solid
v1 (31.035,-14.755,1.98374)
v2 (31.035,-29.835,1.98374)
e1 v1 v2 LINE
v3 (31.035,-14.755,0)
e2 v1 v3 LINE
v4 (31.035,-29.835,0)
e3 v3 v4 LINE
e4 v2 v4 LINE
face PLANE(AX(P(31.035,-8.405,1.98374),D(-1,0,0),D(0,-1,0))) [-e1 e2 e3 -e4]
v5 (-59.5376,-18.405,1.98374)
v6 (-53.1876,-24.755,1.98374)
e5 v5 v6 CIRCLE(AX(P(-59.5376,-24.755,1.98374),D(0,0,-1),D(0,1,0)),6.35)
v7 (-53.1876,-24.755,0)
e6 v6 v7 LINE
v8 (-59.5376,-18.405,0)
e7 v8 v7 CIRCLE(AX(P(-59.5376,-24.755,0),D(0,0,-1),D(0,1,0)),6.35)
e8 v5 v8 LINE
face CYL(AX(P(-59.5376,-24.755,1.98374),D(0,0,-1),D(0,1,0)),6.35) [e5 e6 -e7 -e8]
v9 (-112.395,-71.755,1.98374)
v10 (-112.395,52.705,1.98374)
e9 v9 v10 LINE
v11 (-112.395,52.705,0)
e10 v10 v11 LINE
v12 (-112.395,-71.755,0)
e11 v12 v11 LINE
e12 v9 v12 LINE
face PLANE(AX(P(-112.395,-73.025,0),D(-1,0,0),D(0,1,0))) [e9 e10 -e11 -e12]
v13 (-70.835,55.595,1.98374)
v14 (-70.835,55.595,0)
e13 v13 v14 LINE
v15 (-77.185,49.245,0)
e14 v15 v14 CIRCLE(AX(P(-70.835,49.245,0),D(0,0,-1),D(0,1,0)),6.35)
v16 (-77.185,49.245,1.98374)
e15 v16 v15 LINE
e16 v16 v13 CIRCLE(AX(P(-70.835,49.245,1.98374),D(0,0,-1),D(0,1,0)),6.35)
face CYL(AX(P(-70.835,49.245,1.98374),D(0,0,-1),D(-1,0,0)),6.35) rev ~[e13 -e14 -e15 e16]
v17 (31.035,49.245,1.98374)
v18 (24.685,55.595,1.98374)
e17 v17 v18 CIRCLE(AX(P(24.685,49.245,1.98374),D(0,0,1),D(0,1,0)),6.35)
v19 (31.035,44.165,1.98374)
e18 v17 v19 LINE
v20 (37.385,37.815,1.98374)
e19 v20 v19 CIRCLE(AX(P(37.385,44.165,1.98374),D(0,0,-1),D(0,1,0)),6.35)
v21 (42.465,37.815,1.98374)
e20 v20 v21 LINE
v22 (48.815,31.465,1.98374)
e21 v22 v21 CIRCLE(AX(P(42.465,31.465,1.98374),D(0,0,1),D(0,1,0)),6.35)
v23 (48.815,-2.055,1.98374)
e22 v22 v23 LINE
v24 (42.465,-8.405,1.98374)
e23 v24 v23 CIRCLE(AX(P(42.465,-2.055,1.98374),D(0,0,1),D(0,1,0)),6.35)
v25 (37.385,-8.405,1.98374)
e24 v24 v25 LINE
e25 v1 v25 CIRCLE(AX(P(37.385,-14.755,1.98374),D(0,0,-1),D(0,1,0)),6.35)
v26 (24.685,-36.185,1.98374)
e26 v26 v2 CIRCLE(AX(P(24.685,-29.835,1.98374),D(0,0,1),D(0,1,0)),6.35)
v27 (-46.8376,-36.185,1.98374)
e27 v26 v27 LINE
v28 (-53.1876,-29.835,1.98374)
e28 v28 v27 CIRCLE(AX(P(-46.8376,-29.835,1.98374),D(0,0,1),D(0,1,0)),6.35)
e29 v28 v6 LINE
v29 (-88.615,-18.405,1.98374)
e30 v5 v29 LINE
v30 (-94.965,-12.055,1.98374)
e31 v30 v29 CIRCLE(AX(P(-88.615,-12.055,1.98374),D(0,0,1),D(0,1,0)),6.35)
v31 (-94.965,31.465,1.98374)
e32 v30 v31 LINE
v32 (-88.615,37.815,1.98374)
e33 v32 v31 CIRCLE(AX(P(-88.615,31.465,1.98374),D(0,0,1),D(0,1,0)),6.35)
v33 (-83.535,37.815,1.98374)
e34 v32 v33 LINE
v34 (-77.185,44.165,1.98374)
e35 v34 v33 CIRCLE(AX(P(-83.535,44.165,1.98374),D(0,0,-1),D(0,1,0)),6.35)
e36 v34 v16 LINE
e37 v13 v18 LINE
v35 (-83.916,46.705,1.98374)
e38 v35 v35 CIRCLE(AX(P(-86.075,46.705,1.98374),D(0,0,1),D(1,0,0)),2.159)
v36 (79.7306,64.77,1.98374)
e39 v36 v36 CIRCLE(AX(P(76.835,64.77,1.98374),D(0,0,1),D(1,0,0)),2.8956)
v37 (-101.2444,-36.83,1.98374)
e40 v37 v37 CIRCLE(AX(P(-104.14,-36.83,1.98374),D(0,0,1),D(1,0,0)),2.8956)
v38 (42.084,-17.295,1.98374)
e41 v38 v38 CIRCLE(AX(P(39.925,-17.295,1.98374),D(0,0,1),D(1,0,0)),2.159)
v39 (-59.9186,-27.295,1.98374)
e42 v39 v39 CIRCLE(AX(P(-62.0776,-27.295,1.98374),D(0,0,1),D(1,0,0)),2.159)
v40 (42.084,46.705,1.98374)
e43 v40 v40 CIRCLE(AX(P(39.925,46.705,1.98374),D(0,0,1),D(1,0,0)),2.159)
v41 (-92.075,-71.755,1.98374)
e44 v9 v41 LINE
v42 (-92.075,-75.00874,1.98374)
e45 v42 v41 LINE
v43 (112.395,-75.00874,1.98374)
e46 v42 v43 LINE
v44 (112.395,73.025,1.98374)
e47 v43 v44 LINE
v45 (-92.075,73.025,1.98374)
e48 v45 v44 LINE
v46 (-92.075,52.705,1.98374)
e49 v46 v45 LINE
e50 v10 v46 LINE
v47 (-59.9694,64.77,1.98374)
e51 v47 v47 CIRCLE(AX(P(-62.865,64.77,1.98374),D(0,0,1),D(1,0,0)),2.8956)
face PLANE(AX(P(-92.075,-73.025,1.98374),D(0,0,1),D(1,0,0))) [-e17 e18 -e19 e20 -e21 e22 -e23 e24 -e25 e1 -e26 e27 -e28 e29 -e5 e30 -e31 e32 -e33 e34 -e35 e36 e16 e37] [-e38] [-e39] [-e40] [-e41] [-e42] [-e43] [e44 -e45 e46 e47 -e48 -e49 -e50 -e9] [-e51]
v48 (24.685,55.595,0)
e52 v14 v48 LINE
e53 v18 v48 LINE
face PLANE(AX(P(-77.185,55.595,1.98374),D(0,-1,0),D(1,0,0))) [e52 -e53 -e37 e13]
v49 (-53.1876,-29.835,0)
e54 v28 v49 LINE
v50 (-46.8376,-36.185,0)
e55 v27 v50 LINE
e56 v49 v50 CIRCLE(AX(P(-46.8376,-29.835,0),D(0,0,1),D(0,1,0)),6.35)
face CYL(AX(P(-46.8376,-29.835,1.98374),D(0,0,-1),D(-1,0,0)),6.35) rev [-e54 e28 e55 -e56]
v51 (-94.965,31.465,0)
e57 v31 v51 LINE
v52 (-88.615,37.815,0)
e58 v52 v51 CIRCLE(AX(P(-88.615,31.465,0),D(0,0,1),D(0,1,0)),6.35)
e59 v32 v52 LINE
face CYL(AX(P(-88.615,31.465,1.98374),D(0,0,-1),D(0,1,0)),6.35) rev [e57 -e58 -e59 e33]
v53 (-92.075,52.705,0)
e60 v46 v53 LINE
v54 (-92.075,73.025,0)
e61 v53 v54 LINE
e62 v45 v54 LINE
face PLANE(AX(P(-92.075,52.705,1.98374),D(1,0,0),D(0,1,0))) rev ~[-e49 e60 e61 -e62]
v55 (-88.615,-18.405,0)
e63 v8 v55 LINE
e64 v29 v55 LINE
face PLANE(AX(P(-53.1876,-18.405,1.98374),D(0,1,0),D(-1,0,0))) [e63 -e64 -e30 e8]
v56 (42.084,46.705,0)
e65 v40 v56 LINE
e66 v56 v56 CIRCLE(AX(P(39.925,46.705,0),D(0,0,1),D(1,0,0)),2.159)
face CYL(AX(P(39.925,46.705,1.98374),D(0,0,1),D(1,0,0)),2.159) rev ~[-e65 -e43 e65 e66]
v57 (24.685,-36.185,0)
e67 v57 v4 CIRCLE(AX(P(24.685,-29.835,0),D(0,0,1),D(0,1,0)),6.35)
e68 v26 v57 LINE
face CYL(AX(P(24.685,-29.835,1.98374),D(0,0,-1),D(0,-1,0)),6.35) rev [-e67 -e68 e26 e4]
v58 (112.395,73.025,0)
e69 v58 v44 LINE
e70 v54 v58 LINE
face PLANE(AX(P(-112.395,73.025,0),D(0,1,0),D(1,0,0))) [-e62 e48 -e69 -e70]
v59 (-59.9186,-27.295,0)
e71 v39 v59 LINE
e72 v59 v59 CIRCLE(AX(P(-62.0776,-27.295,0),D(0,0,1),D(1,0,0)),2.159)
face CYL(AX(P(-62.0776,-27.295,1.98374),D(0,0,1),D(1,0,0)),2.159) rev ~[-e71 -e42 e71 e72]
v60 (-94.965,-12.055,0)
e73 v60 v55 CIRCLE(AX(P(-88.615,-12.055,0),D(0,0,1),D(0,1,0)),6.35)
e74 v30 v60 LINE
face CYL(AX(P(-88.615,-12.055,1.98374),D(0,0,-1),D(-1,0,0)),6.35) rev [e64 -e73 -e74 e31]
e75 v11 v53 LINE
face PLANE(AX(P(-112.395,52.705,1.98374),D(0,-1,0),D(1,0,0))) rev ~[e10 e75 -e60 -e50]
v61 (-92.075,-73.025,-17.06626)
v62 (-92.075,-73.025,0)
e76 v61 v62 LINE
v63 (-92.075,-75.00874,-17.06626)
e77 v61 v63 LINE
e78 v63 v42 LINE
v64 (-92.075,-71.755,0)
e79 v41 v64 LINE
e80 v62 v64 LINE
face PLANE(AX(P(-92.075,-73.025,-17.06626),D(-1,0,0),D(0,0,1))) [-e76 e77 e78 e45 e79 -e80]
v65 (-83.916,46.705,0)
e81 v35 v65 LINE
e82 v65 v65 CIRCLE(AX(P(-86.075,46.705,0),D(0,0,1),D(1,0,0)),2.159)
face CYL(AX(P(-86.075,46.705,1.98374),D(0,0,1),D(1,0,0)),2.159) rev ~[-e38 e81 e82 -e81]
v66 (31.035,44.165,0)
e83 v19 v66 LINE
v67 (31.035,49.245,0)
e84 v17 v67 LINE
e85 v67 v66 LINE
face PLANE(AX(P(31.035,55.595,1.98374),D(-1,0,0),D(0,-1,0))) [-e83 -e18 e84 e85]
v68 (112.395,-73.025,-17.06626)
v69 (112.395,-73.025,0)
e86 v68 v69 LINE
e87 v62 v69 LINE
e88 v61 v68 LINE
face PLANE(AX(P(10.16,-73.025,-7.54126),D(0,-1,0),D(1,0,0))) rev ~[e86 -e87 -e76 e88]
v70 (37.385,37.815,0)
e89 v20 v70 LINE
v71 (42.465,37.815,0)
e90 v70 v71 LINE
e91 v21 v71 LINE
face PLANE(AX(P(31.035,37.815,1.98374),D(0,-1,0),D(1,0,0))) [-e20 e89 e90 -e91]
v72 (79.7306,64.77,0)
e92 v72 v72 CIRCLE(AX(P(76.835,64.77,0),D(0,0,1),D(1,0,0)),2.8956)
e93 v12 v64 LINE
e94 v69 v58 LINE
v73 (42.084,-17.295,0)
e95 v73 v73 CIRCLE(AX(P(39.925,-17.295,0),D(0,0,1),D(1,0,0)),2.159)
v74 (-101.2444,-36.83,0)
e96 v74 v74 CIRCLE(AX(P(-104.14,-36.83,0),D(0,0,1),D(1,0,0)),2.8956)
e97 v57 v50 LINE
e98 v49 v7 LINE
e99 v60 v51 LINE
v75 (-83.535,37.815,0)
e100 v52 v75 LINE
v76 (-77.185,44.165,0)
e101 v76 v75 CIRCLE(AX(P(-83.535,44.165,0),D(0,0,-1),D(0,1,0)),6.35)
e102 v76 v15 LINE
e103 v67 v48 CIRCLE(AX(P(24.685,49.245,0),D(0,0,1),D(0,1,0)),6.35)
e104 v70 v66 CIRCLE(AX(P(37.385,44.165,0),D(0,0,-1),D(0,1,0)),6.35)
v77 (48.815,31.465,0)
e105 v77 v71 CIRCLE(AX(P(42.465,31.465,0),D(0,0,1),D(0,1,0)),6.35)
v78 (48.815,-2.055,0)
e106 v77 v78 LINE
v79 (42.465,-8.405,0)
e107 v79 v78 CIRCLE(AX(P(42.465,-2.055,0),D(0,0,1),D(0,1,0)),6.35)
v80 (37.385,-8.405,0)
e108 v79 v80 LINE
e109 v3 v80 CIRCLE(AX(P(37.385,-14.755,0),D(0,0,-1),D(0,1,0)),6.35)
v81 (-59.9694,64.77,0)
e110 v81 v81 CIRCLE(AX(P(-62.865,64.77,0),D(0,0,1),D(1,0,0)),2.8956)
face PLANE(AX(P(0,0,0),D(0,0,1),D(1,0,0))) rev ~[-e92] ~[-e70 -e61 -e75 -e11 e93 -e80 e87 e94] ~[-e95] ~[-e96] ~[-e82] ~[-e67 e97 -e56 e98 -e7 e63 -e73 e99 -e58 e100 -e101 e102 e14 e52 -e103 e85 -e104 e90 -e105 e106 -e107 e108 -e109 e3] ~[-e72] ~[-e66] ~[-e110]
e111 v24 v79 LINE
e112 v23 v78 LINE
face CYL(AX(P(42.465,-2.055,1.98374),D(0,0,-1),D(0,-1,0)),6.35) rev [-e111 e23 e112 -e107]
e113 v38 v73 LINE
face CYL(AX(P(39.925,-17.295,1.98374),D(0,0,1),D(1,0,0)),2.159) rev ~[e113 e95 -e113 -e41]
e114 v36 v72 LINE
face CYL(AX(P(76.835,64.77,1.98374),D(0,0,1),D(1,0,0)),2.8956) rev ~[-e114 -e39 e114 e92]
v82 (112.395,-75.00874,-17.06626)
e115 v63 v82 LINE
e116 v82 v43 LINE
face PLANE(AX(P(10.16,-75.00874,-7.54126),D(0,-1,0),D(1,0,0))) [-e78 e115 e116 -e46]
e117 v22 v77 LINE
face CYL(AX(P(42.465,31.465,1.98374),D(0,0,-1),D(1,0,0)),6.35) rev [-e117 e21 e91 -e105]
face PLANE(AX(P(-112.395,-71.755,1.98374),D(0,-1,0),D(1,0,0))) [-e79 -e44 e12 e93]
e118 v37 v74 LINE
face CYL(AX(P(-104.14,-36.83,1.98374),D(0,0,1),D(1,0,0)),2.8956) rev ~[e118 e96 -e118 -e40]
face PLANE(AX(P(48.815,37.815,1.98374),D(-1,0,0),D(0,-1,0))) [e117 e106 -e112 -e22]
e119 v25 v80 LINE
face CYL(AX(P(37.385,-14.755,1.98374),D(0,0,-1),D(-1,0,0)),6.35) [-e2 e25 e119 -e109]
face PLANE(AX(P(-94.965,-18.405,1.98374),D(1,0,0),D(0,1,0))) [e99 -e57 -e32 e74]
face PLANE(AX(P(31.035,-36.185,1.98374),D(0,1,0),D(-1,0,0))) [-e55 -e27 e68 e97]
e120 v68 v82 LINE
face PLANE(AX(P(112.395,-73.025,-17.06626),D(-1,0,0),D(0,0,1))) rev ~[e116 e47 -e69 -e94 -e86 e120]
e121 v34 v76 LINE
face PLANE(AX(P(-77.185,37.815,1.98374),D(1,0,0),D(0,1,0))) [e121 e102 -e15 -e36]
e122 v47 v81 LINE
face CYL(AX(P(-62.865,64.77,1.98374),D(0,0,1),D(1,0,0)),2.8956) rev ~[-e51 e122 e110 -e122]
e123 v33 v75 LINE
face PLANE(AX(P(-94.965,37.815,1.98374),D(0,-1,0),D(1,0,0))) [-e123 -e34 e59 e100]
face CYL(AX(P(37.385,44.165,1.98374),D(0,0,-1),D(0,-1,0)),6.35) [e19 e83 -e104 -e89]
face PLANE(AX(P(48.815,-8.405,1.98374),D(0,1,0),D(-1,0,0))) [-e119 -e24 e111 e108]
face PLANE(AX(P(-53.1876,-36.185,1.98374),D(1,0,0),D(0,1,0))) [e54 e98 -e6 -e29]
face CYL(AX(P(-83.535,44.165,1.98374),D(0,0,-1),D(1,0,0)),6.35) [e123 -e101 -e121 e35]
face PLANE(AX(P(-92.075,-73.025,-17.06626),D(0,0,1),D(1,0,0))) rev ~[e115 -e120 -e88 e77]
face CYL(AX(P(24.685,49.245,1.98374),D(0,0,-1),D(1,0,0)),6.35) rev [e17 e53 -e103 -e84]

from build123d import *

# Parameters (mm, degrees)
SKETCH1_W            = 224.79
SKETCH1_H            = 146.05
BOSS_EXTRUDE1_DEPTH  = 1.98374
SKETCH2_W            = 20.32
SKETCH2_H            = 20.32
SKETCH2_H_2          = 1.27
CORNER_CUT_DEPTH     = 135.049326274
SKETCH3_R            = 2.159
PS_MOUNT_HOLES_DEPTH = 135.049326274
PS_CUTOUT_DEPTH      = 135.049326274
FILLET11_R           = 6.35
SKETCH5_R            = 2.8956
FRAME_MOUNTS_DEPTH   = 135.049326274
SKETCH8_W            = 204.47
SKETCH8_H            = 19.05
BOSS_EXTRUDE2_DEPTH  = 1.98374


with BuildPart() as part:
    # Sketch1 → Boss-Extrude1 (new body)
    with BuildSketch(Plane.XY):
        Rectangle(SKETCH1_W, SKETCH1_H)
    extrude(amount=BOSS_EXTRUDE1_DEPTH)

    # Sketch2 → Corner Cut (cut, through all)
    with BuildSketch(Plane.XY.offset(1.98374)):
        with Locations((-102.235, 62.865)):
            Rectangle(SKETCH2_W, SKETCH2_H)
        with Locations((-102.235, -72.39)):
            Rectangle(SKETCH2_W, SKETCH2_H_2)
    extrude(amount=-CORNER_CUT_DEPTH, mode=Mode.SUBTRACT)

    # Sketch3 → PS Mount Holes (cut, through all)
    with BuildSketch(Plane.XY.offset(1.98374)):
        with Locations((-86.075, 46.705)):
            Circle(SKETCH3_R)
        with Locations((-62.0776, -27.295)):
            Circle(SKETCH3_R)
        with Locations((39.925000098, -17.295)):
            Circle(SKETCH3_R)
        with Locations((39.925000098, 46.705)):
            Circle(SKETCH3_R)
    extrude(amount=-PS_MOUNT_HOLES_DEPTH, mode=Mode.SUBTRACT)

    # Sketch4 → PS Cutout (cut, through all)
    with BuildSketch(Plane.XY.offset(1.98374)):
        Polygon((-77.185, 55.595), (31.035000098, 55.595), (31.035000098, 37.815), (48.815000098, 37.815), (48.815000098, -8.405), (31.035000098, -8.405), (31.035000098, -36.185), (-53.1876, -36.185), (-53.1876, -18.405), (-94.965, -18.405), (-94.965, 37.815), (-77.185, 37.815), align=None)
    extrude(amount=-PS_CUTOUT_DEPTH, mode=Mode.SUBTRACT)

    # Fillet11
    fillet11_edges = [part.edges().sort_by_distance(p)[0] for p in [
        (-77.185, 37.815, 0.99187),
        (-77.185, 55.595, 0.99187),
        (31.035000098, 55.595, 0.99187),
        (31.035000098, 37.815, 0.99187),
        (48.815000098, 37.815, 0.99187),
        (48.815000098, -8.405, 0.99187),
        (31.035000098, -8.405, 0.99187),
        (31.035000098, -36.185, 0.99187),
        (-53.1876, -36.185, 0.99187),
        (-53.1876, -18.405, 0.99187),
        (-94.965, -18.405, 0.99187),
        (-94.965, 37.815, 0.99187),
    ]]
    fillet(fillet11_edges, radius=FILLET11_R)

    # Sketch5 → Frame-Mounts (cut, through all)
    with BuildSketch(Plane.XY.offset(1.98374)):
        with Locations((-62.865, 64.77)):
            Circle(SKETCH5_R)
        with Locations((76.835, 64.77)):
            Circle(SKETCH5_R)
        with Locations((-104.14, -36.83)):
            Circle(SKETCH5_R)
    extrude(amount=-FRAME_MOUNTS_DEPTH, mode=Mode.SUBTRACT)

    # Sketch8 → Boss-Extrude2 (add)
    with BuildSketch(Plane.XZ.offset(73.025)):
        with Locations((10.16, -7.54126)):
            Rectangle(SKETCH8_W, SKETCH8_H)
    extrude(amount=BOSS_EXTRUDE2_DEPTH)


solid = part.part
